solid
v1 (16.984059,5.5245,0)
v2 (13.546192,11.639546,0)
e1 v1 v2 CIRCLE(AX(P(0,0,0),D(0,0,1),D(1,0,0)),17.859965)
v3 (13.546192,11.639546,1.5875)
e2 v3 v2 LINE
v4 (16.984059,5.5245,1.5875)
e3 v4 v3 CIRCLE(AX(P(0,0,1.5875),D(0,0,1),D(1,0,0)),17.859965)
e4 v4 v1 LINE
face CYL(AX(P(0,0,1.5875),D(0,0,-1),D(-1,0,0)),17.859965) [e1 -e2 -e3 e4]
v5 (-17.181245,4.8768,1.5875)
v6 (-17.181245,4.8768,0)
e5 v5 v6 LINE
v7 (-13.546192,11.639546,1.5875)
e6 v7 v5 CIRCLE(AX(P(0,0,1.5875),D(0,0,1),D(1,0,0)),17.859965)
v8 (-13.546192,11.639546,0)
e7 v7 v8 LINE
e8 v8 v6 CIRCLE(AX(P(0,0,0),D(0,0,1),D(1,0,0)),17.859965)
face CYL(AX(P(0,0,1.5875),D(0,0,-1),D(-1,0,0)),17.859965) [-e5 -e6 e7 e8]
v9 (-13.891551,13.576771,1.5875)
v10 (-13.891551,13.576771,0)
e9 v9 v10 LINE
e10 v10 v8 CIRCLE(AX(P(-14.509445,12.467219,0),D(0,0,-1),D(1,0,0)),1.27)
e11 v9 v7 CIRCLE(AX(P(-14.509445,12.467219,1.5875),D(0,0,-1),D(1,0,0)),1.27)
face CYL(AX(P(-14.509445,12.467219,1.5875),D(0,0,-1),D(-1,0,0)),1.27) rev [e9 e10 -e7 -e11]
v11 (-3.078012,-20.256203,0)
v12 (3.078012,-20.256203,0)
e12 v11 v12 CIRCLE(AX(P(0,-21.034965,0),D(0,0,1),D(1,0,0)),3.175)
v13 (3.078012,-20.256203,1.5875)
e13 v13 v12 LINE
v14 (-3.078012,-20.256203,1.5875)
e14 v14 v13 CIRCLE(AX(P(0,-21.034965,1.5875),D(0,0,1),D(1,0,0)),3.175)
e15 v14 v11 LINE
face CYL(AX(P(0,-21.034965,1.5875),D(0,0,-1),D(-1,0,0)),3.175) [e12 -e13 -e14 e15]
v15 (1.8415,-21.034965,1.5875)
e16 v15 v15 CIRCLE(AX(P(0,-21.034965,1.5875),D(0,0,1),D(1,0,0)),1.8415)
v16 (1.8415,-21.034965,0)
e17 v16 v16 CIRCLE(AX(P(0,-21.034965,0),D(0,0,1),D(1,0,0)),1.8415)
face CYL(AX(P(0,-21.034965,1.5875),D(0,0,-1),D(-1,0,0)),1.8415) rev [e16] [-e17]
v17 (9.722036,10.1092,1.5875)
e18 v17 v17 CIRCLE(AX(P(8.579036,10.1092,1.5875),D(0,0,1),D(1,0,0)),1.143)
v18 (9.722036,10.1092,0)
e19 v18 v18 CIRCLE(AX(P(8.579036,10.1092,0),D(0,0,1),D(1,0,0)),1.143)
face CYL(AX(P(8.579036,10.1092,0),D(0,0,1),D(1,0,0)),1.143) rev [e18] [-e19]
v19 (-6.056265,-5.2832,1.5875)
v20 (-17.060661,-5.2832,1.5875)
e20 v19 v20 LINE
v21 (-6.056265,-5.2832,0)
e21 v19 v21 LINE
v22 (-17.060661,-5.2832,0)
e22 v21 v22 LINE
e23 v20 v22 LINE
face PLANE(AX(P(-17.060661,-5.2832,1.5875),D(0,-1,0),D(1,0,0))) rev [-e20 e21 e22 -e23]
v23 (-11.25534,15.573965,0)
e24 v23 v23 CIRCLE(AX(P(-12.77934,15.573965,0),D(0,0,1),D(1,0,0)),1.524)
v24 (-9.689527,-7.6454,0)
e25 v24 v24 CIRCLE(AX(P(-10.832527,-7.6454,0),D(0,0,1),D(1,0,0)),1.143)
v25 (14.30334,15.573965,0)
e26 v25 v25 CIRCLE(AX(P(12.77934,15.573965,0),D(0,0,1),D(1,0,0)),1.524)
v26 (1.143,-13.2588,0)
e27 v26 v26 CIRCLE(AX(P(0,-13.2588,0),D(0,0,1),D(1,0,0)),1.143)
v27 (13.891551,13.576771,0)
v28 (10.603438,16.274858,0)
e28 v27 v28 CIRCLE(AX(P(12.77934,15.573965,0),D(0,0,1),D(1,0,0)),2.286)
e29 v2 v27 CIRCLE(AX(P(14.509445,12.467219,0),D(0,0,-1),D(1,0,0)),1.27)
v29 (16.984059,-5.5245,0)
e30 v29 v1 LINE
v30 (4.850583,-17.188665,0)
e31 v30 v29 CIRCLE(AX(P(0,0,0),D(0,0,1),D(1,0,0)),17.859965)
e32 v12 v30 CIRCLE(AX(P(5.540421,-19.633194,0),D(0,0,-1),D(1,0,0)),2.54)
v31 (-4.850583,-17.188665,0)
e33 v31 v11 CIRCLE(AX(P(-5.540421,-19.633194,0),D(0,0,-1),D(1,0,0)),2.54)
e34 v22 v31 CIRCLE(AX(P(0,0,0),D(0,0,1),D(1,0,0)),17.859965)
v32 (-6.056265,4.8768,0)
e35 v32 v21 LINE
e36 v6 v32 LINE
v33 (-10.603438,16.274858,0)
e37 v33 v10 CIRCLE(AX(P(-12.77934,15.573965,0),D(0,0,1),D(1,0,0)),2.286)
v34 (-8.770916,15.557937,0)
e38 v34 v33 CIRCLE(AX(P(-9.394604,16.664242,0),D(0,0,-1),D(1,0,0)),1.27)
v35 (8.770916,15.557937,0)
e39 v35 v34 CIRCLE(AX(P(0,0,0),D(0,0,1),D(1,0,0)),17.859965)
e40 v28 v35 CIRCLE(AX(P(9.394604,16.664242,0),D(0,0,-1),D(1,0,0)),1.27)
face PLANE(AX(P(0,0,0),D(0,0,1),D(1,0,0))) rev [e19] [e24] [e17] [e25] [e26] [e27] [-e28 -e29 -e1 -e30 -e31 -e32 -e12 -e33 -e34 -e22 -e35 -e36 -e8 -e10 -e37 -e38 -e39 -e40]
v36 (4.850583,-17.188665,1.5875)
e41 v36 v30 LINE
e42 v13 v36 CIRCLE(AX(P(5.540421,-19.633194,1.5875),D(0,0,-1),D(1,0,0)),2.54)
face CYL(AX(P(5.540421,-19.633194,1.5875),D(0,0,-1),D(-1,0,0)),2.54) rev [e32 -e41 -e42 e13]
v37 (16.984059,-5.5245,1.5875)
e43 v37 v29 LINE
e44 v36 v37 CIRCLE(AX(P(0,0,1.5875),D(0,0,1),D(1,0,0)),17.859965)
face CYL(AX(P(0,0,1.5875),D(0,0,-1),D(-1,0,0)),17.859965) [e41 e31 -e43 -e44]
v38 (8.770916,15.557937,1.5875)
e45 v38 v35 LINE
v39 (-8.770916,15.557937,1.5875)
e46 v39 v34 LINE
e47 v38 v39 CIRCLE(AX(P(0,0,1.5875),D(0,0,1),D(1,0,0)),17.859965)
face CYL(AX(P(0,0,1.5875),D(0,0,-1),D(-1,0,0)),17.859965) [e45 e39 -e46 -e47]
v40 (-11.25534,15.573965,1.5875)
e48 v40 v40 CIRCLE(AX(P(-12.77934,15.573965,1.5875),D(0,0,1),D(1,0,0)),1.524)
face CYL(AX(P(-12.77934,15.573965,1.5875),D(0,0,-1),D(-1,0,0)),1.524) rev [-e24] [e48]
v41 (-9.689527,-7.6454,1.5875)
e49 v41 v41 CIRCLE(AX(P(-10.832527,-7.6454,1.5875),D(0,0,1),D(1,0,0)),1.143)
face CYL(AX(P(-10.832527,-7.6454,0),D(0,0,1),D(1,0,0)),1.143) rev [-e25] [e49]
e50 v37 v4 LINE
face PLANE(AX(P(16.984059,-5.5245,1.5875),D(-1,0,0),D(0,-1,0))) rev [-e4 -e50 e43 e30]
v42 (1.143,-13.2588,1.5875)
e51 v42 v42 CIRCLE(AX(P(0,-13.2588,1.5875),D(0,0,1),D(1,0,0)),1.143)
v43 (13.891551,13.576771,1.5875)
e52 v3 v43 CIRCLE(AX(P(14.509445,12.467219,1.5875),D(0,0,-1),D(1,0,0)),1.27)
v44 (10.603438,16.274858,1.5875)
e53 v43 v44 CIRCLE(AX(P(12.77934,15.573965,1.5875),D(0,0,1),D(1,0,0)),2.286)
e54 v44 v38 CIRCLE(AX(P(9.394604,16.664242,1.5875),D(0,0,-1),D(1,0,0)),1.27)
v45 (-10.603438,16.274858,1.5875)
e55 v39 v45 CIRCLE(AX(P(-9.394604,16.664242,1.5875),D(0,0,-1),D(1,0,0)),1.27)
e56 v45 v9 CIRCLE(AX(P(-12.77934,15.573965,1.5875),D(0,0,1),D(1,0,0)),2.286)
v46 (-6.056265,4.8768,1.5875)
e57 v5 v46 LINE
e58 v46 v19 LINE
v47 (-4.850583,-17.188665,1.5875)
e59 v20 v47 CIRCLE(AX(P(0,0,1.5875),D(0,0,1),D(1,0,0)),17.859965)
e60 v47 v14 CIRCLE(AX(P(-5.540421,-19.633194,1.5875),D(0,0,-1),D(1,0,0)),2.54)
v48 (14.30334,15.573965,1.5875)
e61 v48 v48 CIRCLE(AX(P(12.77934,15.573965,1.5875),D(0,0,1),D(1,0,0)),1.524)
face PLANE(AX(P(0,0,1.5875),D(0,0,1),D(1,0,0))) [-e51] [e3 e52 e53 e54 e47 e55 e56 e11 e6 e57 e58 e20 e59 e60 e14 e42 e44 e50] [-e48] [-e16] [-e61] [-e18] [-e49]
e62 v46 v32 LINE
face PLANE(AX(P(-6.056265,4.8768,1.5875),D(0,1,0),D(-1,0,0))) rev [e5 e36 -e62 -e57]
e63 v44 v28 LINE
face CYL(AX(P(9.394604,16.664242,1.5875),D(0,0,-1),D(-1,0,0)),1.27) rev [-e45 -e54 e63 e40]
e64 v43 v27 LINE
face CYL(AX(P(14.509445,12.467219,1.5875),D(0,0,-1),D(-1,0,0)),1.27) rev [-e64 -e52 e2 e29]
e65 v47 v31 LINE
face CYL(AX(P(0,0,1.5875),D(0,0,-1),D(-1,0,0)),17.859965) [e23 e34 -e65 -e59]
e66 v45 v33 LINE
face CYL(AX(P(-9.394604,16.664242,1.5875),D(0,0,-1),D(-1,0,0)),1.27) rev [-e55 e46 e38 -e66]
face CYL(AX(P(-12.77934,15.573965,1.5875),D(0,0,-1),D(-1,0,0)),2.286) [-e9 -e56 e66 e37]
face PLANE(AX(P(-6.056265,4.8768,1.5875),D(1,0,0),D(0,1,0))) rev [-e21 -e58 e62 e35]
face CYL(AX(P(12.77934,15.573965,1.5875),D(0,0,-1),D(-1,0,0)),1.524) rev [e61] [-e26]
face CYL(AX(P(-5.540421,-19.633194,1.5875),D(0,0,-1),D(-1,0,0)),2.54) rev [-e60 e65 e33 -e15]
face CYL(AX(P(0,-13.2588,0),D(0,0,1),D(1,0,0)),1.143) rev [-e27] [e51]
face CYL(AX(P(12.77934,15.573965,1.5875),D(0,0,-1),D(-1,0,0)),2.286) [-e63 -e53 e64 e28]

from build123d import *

# Parameters (mm, degrees)
SKETCH1_R           = 1.8415
SKETCH1_R_2         = 1.524
BOSS_EXTRUDE1_DEPTH = 1.5875
SKETCH2_R           = 1.143
CUT_EXTRUDE1_DEPTH  = 30.729408631


with BuildPart() as part:
    # Sketch1 → Boss-Extrude1 (new body)
    with BuildSketch(Plane.XY):
        with BuildLine():
            Line((-6.056265338, 4.8768), (-17.181244816, 4.8768))
            ThreePointArc((-17.181244816, 4.8768), (-15.73141865, 8.455815687), (-13.546192494, 11.63954555))
            ThreePointArc((-13.546192494, 11.63954555), (-13.259158261, 12.690113591), (-13.891550513, 13.576771304))
            ThreePointArc((-13.891550513, 13.576771304), (-14.229434947, 17.341171737), (-10.60343846, 16.274857526))
            ThreePointArc((-10.60343846, 16.274857526), (-9.857305878, 15.481530337), (-8.770915553, 15.557936625))
            ThreePointArc((-8.770915553, 15.557936625), (0, 17.859965052), (8.770915553, 15.557936625))
            ThreePointArc((8.770915553, 15.557936625), (9.857305878, 15.481530337), (10.60343846, 16.274857526))
            ThreePointArc((10.60343846, 16.274857526), (14.229434947, 17.341171737), (13.891550513, 13.576771304))
            ThreePointArc((13.891550513, 13.576771304), (13.259158261, 12.690113591), (13.546192494, 11.63954555))
            ThreePointArc((13.546192494, 11.63954555), (15.568317368, 8.752476564), (16.984058744, 5.5245))
            Line((16.984058744, 5.5245), (16.984058744, -5.5245))
            ThreePointArc((16.984058744, -5.5245), (12.377442365, -12.875452309), (4.850582957, -17.188664772))
            ThreePointArc((4.850582957, -17.188664772), (3.34119056, -18.362373067), (3.078011585, -20.256203417))
            ThreePointArc((3.078011585, -20.256203417), (0, -24.209965052), (-3.078011585, -20.256203417))
            ThreePointArc((-3.078011585, -20.256203417), (-3.34119056, -18.362373067), (-4.850582957, -17.188664772))
            ThreePointArc((-4.850582957, -17.188664772), (-12.468387001, -12.78740307), (-17.060660873, -5.2832))
            Line((-17.060660873, -5.2832), (-6.056265338, -5.2832))
            Line((-6.056265338, -5.2832), (-6.056265338, 4.8768))
        make_face()
        with Locations((0, -21.034965052)):
            Circle(SKETCH1_R, mode=Mode.SUBTRACT)
        with Locations((12.779339593, 15.573965052)):
            Circle(SKETCH1_R_2, mode=Mode.SUBTRACT)
        with Locations((-12.779339593, 15.573965052)):
            Circle(SKETCH1_R_2, mode=Mode.SUBTRACT)
    extrude(amount=BOSS_EXTRUDE1_DEPTH)

    # Sketch2 → Cut-Extrude1 (cut, through all)
    with BuildSketch(Plane.XY.offset(1.5875)):
        with Locations((8.579035657, 10.1092)):
            Circle(SKETCH2_R)
        with Locations((-10.832526773, -7.6454)):
            Circle(SKETCH2_R)
        with Locations((0, -13.2588)):
            Circle(SKETCH2_R)
    extrude(amount=-CUT_EXTRUDE1_DEPTH, mode=Mode.SUBTRACT)


solid = part.part
